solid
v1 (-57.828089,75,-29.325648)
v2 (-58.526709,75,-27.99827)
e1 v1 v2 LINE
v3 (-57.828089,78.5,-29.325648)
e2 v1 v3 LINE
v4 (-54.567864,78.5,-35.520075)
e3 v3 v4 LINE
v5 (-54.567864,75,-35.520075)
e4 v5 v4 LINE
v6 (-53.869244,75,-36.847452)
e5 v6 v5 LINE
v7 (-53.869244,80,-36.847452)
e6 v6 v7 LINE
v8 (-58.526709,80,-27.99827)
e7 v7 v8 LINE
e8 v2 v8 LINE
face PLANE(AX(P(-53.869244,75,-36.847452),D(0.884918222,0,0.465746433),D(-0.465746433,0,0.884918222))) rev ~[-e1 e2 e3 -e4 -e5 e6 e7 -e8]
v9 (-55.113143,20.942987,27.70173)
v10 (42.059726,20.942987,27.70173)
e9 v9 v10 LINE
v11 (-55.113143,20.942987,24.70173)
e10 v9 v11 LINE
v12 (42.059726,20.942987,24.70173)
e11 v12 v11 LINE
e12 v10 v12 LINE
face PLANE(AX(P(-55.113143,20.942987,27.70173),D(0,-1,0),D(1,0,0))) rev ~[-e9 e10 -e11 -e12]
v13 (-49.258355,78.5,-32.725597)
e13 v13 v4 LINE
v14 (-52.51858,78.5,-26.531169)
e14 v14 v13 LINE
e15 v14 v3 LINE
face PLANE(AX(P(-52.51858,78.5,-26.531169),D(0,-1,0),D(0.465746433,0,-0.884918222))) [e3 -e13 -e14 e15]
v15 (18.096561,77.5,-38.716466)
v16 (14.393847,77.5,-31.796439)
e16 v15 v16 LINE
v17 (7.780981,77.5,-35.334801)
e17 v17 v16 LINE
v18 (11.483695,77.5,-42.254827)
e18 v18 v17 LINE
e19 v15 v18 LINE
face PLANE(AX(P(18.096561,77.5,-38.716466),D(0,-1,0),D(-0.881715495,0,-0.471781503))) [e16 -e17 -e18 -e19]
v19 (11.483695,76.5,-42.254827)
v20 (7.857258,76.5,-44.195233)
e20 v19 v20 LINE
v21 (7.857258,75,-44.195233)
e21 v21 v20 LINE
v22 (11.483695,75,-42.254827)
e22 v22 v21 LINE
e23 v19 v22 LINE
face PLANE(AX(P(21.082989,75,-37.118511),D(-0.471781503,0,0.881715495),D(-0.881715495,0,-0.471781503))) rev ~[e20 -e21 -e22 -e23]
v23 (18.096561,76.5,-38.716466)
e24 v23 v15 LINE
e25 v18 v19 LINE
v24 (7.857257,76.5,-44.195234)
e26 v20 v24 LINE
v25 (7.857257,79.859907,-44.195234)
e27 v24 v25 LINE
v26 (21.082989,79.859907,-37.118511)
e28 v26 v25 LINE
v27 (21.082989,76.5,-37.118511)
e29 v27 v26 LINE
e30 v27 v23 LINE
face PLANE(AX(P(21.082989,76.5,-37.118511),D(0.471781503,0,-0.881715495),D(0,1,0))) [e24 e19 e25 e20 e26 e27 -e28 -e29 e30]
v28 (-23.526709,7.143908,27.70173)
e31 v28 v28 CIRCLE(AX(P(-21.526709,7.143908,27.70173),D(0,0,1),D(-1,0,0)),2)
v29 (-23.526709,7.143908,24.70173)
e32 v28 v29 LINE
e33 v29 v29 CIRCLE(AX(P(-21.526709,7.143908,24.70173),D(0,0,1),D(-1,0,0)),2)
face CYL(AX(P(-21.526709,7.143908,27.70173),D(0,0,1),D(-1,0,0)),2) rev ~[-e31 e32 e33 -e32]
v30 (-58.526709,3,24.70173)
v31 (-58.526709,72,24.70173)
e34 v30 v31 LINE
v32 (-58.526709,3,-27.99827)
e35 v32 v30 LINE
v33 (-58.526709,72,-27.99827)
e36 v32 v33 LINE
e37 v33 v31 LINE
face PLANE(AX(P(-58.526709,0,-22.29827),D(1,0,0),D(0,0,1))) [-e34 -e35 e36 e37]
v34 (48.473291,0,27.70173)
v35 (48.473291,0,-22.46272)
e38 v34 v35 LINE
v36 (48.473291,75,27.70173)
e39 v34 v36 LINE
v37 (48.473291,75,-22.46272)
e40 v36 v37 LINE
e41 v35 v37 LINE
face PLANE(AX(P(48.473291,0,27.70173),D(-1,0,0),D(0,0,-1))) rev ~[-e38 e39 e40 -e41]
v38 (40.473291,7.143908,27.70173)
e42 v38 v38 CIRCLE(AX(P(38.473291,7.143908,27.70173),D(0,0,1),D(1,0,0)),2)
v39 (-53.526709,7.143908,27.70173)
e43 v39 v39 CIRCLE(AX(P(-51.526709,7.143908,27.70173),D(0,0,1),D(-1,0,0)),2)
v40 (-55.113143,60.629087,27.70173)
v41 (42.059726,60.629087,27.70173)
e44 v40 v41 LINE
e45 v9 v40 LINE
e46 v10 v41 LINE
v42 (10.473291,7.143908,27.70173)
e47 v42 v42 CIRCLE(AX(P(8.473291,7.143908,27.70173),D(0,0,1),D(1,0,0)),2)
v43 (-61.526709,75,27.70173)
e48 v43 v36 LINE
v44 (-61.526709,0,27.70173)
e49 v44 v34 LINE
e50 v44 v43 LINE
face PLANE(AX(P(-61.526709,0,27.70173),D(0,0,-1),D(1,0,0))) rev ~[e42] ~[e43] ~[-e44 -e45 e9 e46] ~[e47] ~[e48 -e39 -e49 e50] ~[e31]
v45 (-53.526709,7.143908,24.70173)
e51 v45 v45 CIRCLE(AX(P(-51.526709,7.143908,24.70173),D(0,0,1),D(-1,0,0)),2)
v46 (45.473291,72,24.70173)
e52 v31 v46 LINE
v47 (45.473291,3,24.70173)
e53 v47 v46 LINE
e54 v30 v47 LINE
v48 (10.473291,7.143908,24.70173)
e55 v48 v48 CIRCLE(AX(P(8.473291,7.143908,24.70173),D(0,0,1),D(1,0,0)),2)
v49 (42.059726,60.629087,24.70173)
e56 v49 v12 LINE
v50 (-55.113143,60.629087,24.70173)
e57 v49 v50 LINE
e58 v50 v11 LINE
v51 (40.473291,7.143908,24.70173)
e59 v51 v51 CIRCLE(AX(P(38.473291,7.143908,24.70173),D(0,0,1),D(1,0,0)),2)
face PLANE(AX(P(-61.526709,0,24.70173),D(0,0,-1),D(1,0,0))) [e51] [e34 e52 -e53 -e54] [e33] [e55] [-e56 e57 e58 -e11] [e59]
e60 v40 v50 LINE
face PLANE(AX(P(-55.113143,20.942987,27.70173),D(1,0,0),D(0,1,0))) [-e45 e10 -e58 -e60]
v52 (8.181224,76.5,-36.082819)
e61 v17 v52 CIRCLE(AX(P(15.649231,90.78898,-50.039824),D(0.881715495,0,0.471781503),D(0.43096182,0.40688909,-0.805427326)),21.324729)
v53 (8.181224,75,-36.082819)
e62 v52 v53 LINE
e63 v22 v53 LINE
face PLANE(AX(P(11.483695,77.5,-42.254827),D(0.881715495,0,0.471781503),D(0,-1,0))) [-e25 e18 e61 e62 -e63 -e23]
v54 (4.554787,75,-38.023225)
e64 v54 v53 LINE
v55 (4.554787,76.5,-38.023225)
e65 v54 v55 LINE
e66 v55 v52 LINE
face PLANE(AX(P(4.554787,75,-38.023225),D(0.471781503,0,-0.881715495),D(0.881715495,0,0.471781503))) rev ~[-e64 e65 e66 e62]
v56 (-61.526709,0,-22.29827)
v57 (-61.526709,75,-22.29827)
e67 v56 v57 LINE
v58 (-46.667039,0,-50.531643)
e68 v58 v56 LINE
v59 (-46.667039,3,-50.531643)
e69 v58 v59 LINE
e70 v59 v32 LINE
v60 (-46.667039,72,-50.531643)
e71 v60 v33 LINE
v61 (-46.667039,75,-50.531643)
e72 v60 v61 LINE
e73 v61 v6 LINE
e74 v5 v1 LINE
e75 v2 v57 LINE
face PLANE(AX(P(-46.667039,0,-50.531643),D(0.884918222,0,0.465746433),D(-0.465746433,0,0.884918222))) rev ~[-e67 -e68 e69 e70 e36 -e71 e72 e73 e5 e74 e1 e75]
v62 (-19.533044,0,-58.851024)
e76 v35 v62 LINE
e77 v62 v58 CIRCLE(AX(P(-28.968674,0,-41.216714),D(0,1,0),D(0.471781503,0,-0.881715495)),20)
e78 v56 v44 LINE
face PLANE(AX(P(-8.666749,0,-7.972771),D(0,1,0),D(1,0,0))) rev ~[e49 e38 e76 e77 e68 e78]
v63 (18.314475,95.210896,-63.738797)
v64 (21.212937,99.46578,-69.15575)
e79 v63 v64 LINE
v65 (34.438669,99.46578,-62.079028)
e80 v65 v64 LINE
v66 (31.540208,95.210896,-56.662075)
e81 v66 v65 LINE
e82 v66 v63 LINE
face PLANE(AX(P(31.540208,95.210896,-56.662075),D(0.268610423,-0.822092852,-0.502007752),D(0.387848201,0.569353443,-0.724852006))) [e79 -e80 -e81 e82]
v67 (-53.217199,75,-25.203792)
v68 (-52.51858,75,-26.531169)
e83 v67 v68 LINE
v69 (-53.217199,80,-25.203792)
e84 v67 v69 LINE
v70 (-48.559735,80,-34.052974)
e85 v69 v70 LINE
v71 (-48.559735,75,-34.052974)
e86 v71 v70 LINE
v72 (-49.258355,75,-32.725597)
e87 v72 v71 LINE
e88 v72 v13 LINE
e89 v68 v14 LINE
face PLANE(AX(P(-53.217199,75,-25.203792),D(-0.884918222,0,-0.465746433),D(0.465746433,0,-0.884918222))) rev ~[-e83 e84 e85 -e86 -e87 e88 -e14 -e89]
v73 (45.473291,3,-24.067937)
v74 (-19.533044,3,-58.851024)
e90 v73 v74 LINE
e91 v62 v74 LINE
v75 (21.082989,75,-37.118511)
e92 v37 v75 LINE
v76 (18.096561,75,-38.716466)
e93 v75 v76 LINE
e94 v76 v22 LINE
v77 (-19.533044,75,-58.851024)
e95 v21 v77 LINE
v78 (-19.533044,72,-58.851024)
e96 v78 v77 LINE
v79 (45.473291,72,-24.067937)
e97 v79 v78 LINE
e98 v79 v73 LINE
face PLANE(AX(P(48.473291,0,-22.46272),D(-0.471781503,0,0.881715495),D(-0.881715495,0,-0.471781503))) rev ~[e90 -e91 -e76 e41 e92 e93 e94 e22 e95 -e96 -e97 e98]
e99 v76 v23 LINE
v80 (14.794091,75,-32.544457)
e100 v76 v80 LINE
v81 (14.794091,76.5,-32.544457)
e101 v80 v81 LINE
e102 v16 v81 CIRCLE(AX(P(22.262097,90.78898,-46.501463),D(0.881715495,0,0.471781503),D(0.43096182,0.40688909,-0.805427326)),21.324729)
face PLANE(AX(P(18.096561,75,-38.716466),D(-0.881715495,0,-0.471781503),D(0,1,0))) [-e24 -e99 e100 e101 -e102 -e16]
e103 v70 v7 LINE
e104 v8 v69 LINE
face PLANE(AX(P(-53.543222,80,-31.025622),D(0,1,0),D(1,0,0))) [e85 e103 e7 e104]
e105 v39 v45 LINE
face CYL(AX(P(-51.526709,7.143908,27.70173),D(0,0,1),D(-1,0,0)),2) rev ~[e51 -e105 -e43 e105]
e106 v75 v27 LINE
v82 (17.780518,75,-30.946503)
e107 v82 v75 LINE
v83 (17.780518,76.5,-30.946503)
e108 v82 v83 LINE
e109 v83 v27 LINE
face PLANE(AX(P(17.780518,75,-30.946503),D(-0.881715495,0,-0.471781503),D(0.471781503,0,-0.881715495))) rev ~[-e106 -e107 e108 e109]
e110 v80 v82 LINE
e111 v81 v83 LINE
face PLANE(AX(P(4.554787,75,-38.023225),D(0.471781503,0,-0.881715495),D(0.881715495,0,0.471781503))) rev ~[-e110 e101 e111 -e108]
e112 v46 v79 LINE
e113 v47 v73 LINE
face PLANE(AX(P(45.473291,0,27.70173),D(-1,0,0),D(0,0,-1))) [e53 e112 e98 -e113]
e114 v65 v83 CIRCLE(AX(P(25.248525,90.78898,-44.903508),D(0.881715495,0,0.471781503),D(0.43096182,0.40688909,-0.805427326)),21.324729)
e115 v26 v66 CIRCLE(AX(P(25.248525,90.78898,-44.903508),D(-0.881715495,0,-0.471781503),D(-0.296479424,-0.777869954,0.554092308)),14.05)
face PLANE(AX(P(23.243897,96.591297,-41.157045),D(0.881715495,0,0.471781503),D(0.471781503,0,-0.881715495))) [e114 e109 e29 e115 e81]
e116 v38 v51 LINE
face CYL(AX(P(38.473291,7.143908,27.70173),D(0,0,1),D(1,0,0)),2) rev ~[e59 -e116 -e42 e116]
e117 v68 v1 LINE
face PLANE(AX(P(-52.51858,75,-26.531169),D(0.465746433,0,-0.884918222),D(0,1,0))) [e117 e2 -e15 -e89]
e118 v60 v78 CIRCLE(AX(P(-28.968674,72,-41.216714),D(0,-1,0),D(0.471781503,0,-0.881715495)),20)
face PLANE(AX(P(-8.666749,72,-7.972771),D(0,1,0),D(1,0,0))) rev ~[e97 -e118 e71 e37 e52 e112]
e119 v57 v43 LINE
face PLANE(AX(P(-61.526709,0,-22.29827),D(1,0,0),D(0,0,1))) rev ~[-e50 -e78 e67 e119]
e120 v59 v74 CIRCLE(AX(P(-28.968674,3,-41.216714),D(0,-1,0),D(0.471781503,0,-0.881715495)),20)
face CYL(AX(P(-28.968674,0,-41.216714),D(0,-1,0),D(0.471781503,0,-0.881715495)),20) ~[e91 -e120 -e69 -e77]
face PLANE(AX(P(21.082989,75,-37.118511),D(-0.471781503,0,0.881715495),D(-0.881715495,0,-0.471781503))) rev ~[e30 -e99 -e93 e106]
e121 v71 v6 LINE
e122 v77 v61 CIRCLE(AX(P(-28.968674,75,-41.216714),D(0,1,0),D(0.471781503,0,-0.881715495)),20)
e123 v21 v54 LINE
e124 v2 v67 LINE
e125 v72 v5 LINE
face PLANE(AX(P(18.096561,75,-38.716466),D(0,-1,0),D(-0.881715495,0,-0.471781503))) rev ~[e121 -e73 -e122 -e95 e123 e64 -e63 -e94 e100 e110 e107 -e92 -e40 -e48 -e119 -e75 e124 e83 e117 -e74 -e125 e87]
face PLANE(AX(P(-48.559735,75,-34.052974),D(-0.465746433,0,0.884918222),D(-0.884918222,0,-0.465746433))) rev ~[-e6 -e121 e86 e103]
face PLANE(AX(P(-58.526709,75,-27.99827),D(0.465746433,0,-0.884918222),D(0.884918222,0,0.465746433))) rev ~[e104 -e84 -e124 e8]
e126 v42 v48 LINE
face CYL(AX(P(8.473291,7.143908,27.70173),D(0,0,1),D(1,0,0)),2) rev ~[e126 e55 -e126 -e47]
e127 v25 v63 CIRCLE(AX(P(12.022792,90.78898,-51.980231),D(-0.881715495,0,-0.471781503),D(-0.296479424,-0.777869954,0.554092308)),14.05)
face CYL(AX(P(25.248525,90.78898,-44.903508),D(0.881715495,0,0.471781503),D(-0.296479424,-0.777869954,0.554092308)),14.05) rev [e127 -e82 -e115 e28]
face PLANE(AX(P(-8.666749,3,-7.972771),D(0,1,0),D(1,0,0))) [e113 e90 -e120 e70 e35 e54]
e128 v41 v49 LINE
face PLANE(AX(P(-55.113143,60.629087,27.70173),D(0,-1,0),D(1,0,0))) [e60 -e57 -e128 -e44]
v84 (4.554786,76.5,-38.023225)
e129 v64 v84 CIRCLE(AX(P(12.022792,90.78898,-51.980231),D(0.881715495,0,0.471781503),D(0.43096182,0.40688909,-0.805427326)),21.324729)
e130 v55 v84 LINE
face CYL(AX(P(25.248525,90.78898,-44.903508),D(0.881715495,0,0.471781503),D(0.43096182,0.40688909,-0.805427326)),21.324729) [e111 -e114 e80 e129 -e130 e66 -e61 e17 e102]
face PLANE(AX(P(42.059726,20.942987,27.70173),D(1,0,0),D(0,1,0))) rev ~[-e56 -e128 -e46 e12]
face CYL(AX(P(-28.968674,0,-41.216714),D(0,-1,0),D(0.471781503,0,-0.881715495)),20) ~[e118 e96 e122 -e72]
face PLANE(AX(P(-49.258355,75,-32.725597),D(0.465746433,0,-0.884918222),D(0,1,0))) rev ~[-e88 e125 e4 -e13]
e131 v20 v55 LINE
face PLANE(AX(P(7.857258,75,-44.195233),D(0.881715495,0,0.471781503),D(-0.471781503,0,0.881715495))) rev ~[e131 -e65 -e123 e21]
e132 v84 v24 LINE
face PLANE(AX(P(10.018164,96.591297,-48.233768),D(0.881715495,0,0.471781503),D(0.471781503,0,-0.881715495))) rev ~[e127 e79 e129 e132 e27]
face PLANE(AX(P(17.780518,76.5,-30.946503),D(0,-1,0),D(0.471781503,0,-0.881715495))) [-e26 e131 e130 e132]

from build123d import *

# Parameters (mm, degrees)
RESSALTO_EXTRUS_O4_DEPTH  = 75
CASCA4_T                  = -3
ESBO_O13_R                = 2
ESBO_O13_W                = 97.172868657
ESBO_O13_H                = 39.686100031
CORTE_EXTRUS_O2_DEPTH     = 75
RESSALTO_EXTRUS_O7_DEPTH  = 5
ESBO_O21_W                = 7
ESBO_O21_H                = 3.5
CORTE_EXTRUS_O7_DEPTH     = 15
RESSALTO_EXTRUS_O9_DEPTH  = 1.5
RESSALTO_EXTRUS_O10_DEPTH = 15
CORTE_EXTRUS_O8_DEPTH     = 9


with BuildPart() as part:
    # Esboço1 → Ressalto-extrusão4 (new body)
    with BuildSketch(Plane(origin=(0, 0, 0), x_dir=(1, 0, 0), z_dir=(0, 1, 0))):
        with BuildLine():
            Line((-61.526708671, 22.298270257), (-61.526708671, -27.701729743))
            Line((-61.526708671, -27.701729743), (48.473291329, -27.701729743))
            Line((48.473291329, -27.701729743), (48.473291329, 22.462720238))
            Line((48.473291329, 22.462720238), (-19.533044421, 58.851024019))
            ThreePointArc((-19.533044421, 58.851024019), (-34.831371888, 60.338136116), (-46.667038922, 50.53164278))
            Line((-46.667038922, 50.53164278), (-61.526708671, 22.298270257))
        make_face()
    extrude(amount=RESSALTO_EXTRUS_O4_DEPTH)

    # Casca4
    casca4_openings = [part.faces().sort_by_distance(p)[0] for p in [
        (-34.831371888, 37.5, -60.338136116),
        (14.470123454, 37.5, -40.656872128),
        (-54.096873797, 37.5, -36.414956518),
    ]]
    offset(amount=CASCA4_T, openings=casca4_openings, kind=Kind.INTERSECTION)

    # Esboço13 → Corte-extrusão2 (cut)
    with BuildSketch(Plane.XY.offset(27.701729743)):
        with Locations((8.473291329, 7.143908188)):
            Circle(ESBO_O13_R)
        with Locations((38.473291329, 7.143908188)):
            Circle(ESBO_O13_R)
        with Locations(Location((-51.526708671, 7.143908188, 0), (0, 0, 180))):
            Circle(ESBO_O13_R)
        with Locations(Location((-21.526708671, 7.143908188, 0), (0, 0, 180))):
            Circle(ESBO_O13_R)
        with Locations((-6.526708671, 40.786037138)):
            Rectangle(ESBO_O13_W, ESBO_O13_H)
    extrude(amount=-CORTE_EXTRUS_O2_DEPTH, mode=Mode.SUBTRACT)

    # Esboço20 → Ressalto-extrusão7 (add)
    with BuildSketch(Plane(origin=(0, 75, 0), x_dir=(1, 0, 0), z_dir=(0, 1, 0))):
        Polygon((-48.559735009, 34.052973883), (-53.869244343, 36.84745248), (-58.526708671, 27.998270257), (-53.217199337, 25.20379166), align=None)
    extrude(amount=RESSALTO_EXTRUS_O7_DEPTH)

    # Esboço21 → Corte-extrusão7 (cut)
    with BuildSketch(Plane(origin=(-52.061018169, 0, -27.400535878), x_dir=(0.46574643283262207, 0, -0.8849182223819825), z_dir=(0.8849182223819825, 0, 0.46574643283262207))):
        with Locations((2.517573756, 76.75)):
            Rectangle(ESBO_O21_W, ESBO_O21_H)
    extrude(amount=-CORTE_EXTRUS_O7_DEPTH, mode=Mode.SUBTRACT)

    # Esboço23 → Ressalto-extrusão9 (add)
    with BuildSketch(Plane(origin=(0, 75, 0), x_dir=(1, 0, 0), z_dir=(0, 1, 0))):
        Polygon((17.78051848, 30.946502751), (21.082988999, 37.118511214), (14.470123454, 40.656872128), (7.857257909, 44.195233042), (4.55478739, 38.023224579), align=None)
    extrude(amount=RESSALTO_EXTRUS_O9_DEPTH)

    # Esboço27 → Ressalto-extrusão10 (add)
    with BuildSketch(Plane(origin=(0.949934773, 0, 0.508283746), x_dir=(0.4717815026852956, 0, -0.8817154947736852), z_dir=(0.8817154947736852, 0, 0.4717815026852957))):
        with BuildLine():
            Line((42.674530712, 76.5), (42.674530712, 79.859907211))
            ThreePointArc((42.674530712, 79.859907211), (43.504490054, 102.339384634), (64.83991575, 95.21089615))
            Line((64.83991575, 95.21089615), (70.983567604, 99.465779677))
            ThreePointArc((70.983567604, 99.465779677), (39.876872471, 108.665113983), (35.674530712, 76.5))
            Line((35.674530712, 76.5), (42.674530712, 76.5))
        make_face()
    extrude(amount=-RESSALTO_EXTRUS_O10_DEPTH)

    # Esboço28 → Corte-extrusão8 (cut)
    with BuildSketch(Plane(origin=(20.133054226, 0, -37.626794961), x_dir=(-0.8817154947736852, 0, -0.4717815026852955), z_dir=(0.4717815026852955, 0, -0.8817154947736852))):
        Polygon((2.309694071, 75), (2.309694071, 77.5), (9.809694071, 77.5), (9.809694071, 75), (6.059694071, 75), align=None)
    extrude(amount=-CORTE_EXTRUS_O8_DEPTH, mode=Mode.SUBTRACT)


solid = part.part
